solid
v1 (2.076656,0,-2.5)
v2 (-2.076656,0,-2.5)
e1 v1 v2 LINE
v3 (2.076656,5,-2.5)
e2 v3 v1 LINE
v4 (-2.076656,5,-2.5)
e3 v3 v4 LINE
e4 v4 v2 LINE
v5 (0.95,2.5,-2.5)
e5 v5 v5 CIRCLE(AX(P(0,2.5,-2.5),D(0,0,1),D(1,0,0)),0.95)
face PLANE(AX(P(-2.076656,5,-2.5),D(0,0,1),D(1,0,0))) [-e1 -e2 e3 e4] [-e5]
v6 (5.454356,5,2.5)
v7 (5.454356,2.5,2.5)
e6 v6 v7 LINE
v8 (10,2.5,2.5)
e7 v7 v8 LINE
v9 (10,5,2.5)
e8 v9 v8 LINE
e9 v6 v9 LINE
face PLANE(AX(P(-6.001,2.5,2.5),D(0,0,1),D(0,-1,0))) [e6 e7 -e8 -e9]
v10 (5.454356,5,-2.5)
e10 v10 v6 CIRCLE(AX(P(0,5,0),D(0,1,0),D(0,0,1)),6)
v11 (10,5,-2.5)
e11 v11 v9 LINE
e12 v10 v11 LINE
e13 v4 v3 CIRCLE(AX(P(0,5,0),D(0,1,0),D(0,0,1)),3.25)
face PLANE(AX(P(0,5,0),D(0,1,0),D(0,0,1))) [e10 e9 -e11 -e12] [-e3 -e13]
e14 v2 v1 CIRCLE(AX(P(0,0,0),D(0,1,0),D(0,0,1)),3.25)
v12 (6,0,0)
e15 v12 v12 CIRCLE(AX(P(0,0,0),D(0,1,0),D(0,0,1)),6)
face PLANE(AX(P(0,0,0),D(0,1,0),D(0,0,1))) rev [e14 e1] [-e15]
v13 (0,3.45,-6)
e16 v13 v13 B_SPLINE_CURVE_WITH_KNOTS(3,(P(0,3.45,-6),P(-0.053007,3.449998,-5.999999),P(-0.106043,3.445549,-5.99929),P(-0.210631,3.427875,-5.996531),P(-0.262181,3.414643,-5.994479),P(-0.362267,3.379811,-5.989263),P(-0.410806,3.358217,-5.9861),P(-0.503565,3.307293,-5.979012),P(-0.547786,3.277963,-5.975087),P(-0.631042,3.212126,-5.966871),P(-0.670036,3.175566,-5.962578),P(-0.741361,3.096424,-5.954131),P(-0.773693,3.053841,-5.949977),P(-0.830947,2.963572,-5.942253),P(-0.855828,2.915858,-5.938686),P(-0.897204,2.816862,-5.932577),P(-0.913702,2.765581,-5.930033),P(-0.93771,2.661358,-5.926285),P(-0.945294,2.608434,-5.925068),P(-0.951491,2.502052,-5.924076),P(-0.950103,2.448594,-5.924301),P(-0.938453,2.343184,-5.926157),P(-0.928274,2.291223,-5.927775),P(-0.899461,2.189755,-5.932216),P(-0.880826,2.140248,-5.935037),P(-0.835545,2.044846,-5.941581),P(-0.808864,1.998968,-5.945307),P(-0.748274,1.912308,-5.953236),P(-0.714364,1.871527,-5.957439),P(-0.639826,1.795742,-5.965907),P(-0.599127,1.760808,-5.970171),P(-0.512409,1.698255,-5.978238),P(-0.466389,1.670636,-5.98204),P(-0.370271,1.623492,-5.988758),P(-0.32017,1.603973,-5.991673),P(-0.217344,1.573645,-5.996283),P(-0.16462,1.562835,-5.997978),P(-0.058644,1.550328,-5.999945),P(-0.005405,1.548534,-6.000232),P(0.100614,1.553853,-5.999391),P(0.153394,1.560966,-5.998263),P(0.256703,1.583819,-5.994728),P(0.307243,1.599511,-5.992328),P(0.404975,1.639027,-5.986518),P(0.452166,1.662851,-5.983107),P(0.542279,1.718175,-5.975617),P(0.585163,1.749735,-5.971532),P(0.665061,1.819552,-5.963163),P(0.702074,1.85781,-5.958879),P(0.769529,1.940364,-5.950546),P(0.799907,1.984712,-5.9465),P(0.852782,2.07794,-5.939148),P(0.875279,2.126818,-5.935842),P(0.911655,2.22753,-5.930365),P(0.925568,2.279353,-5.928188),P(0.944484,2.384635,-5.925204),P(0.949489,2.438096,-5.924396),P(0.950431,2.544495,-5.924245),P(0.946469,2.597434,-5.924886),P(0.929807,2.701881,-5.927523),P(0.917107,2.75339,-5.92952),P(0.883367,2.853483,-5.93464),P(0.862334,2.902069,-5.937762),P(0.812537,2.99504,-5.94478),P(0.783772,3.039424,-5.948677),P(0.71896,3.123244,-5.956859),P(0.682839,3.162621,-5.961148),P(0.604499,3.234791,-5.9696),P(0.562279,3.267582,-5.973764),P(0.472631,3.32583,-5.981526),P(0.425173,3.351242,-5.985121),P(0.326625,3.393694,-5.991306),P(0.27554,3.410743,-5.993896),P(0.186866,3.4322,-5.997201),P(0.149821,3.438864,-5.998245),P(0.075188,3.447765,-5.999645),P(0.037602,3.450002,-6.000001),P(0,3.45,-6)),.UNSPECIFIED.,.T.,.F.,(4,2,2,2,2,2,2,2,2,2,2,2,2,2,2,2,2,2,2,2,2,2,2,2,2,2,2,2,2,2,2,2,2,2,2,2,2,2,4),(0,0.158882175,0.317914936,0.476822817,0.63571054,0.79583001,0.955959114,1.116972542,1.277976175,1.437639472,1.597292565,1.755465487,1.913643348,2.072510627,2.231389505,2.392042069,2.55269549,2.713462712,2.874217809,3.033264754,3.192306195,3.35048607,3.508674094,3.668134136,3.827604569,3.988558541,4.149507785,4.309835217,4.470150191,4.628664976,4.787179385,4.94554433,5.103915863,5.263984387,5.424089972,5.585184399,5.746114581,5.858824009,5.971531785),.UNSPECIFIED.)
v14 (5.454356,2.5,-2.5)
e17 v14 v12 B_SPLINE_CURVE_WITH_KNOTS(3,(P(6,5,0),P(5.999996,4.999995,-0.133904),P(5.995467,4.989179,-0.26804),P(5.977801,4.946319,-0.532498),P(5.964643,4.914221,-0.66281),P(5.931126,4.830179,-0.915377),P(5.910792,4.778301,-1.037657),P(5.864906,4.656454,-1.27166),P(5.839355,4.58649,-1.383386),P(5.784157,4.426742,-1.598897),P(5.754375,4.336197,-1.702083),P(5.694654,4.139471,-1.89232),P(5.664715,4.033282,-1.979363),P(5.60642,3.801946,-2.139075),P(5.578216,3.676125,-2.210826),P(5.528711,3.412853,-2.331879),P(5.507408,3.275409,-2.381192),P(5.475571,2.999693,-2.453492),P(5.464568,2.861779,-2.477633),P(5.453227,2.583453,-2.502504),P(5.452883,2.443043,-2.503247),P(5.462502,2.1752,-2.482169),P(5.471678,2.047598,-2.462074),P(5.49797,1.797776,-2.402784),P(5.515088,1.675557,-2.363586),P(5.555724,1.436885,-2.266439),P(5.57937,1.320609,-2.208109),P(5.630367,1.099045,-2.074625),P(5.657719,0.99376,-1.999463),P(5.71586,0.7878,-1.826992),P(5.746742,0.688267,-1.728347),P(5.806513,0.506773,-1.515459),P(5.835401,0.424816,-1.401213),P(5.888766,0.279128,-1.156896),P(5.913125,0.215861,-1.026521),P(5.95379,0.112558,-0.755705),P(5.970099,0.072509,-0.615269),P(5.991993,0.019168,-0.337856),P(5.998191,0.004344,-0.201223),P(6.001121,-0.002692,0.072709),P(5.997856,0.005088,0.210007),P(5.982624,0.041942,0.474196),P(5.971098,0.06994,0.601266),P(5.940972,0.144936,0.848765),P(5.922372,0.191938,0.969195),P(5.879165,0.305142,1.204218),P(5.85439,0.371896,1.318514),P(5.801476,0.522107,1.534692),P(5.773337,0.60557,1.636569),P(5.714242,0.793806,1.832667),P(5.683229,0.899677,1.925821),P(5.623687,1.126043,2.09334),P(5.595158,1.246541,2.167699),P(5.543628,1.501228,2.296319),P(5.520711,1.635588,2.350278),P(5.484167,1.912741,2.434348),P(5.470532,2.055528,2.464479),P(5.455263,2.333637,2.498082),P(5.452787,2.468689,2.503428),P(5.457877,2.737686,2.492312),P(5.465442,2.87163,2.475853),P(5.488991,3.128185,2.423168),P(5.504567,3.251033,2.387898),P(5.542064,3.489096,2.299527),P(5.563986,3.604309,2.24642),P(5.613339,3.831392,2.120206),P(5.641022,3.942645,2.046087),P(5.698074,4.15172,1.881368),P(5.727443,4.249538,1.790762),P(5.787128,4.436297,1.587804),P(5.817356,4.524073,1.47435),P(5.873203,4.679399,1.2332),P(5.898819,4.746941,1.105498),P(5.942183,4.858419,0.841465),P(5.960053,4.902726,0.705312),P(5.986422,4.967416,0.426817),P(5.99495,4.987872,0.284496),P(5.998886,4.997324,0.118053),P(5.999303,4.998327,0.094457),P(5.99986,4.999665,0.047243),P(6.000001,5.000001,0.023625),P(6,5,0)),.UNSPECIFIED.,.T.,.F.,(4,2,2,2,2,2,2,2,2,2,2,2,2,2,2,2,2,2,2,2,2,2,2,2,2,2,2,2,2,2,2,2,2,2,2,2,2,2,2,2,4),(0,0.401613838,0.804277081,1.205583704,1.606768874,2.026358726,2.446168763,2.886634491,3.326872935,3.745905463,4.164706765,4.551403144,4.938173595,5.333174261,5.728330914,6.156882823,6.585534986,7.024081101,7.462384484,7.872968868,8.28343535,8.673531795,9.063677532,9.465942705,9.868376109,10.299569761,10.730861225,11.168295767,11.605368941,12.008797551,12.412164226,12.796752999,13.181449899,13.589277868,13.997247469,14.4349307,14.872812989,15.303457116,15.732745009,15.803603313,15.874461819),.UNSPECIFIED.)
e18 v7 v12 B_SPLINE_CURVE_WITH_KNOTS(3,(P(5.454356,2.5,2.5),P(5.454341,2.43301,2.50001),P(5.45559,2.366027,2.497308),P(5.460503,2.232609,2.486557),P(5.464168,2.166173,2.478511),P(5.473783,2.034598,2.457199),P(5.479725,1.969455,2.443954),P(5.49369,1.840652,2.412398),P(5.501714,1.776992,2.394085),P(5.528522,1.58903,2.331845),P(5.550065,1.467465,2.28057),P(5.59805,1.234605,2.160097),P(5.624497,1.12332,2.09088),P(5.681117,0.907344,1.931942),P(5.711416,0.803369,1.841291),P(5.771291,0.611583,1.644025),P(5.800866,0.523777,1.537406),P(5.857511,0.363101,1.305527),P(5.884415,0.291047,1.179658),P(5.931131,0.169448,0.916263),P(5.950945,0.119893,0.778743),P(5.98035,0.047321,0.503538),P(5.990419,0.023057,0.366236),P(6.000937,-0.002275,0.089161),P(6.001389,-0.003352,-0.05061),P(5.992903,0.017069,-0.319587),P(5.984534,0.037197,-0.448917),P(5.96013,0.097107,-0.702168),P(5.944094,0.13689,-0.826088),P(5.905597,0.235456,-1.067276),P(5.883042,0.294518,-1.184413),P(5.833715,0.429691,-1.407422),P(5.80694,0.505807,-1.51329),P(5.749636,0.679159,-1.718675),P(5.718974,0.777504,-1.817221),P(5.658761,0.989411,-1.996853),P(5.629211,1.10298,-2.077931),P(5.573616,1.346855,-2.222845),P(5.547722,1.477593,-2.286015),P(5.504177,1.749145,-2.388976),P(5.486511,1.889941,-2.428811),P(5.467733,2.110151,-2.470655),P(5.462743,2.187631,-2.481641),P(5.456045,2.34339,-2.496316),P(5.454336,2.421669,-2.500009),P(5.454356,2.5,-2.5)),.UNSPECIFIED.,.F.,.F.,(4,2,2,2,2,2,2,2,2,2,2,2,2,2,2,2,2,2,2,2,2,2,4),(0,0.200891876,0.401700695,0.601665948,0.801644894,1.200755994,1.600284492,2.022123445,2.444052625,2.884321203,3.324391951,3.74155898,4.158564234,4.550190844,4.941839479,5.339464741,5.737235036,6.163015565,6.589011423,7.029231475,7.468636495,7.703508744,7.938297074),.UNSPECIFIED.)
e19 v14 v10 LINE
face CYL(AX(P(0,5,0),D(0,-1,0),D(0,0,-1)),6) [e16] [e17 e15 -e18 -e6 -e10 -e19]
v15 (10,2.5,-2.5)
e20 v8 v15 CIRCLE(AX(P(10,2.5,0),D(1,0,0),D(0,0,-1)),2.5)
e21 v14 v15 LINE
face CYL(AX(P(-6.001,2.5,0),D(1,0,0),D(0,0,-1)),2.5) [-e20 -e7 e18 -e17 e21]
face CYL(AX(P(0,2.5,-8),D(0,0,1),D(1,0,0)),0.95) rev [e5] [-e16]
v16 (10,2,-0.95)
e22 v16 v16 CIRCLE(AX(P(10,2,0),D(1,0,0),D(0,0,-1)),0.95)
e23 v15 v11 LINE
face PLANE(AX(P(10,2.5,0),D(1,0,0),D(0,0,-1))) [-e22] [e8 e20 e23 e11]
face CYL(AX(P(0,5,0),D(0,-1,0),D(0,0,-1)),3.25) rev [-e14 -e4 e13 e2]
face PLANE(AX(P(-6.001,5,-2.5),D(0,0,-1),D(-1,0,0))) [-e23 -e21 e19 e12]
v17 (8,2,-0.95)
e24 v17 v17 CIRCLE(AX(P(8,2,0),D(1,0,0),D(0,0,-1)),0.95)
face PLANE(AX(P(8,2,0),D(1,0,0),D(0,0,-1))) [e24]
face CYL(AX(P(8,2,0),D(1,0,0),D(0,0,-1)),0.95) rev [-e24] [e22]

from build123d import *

# Parameters (mm, degrees)
ESQUISSE1_R             = 6
BOSS_EXTRU_1_DEPTH      = 5
BOSS_EXTRU_2_REACH      = 21.849
BOSS_EXTRU_2_END_RADIUS = 6
BOSS_EXTRU_2_START      = 10
ESQUISSE4_R             = 0.95
ENL_V_MAT_EXTRU_1_DEPTH = 2
ESQUISSE5_R             = 0.95
ENL_V_MAT_EXTRU_2_DEPTH = 8


with BuildPart() as part:
    # Esquisse1 → Boss.-Extru.1 (new body)
    with BuildSketch(Plane(origin=(0, 0, 0), x_dir=(1, 0, 0), z_dir=(0, 1, 0))):
        Circle(ESQUISSE1_R)
        with BuildLine():
            Line((-2.076655966, 2.5), (2.076655966, 2.5))
            ThreePointArc((2.076655966, 2.5), (0, -3.25), (-2.076655966, 2.5))
        make_face(mode=Mode.SUBTRACT)
    extrude(amount=BOSS_EXTRU_1_DEPTH)

    # Boss.-Extru.2: up to this cylinder (the profile starts outside it)
    boss_extru_2_end = Plane(origin=(0, 2.733375, 0), z_dir=(0, -1, 0)) * Cylinder(BOSS_EXTRU_2_END_RADIUS, 56.698, mode=Mode.PRIVATE)
    # Esquisse3 → Boss.-Extru.2 (add, up to the surface)
    with BuildSketch(Plane(origin=(0, 0, 0), x_dir=(0, 0, -1), z_dir=(1, 0, 0)).offset(BOSS_EXTRU_2_START), mode=Mode.PRIVATE) as boss_extru_2_sk1:
        with BuildLine():
            Line((-2.5, 2.5), (-2.5, 5))
            Line((-2.5, 5), (2.5, 5))
            Line((2.5, 5), (2.5, 2.5))
            ThreePointArc((2.5, 2.5), (0, 0), (-2.5, 2.5))
        make_face()
    boss_extru_2_tool1 = extrude(boss_extru_2_sk1.sketch, amount=-BOSS_EXTRU_2_REACH, mode=Mode.PRIVATE) - boss_extru_2_end
    add(boss_extru_2_tool1.solids().sort_by_distance((10, 2.733375, 0))[0])

    # Esquisse4 → Enlèv. mat.-Extru.1 (cut)
    with BuildSketch(Plane(origin=(10, 0, 0), x_dir=(0, 0, -1), z_dir=(1, 0, 0))):
        with Locations((0, 2)):
            Circle(ESQUISSE4_R)
    extrude(amount=-ENL_V_MAT_EXTRU_1_DEPTH, mode=Mode.SUBTRACT)

    # Esquisse5 → Enlèv. mat.-Extru.2 (cut)
    with BuildSketch(Plane.XY):
        with Locations((0, 2.5)):
            Circle(ESQUISSE5_R)
    extrude(amount=-ENL_V_MAT_EXTRU_2_DEPTH, mode=Mode.SUBTRACT)


solid = part.part
